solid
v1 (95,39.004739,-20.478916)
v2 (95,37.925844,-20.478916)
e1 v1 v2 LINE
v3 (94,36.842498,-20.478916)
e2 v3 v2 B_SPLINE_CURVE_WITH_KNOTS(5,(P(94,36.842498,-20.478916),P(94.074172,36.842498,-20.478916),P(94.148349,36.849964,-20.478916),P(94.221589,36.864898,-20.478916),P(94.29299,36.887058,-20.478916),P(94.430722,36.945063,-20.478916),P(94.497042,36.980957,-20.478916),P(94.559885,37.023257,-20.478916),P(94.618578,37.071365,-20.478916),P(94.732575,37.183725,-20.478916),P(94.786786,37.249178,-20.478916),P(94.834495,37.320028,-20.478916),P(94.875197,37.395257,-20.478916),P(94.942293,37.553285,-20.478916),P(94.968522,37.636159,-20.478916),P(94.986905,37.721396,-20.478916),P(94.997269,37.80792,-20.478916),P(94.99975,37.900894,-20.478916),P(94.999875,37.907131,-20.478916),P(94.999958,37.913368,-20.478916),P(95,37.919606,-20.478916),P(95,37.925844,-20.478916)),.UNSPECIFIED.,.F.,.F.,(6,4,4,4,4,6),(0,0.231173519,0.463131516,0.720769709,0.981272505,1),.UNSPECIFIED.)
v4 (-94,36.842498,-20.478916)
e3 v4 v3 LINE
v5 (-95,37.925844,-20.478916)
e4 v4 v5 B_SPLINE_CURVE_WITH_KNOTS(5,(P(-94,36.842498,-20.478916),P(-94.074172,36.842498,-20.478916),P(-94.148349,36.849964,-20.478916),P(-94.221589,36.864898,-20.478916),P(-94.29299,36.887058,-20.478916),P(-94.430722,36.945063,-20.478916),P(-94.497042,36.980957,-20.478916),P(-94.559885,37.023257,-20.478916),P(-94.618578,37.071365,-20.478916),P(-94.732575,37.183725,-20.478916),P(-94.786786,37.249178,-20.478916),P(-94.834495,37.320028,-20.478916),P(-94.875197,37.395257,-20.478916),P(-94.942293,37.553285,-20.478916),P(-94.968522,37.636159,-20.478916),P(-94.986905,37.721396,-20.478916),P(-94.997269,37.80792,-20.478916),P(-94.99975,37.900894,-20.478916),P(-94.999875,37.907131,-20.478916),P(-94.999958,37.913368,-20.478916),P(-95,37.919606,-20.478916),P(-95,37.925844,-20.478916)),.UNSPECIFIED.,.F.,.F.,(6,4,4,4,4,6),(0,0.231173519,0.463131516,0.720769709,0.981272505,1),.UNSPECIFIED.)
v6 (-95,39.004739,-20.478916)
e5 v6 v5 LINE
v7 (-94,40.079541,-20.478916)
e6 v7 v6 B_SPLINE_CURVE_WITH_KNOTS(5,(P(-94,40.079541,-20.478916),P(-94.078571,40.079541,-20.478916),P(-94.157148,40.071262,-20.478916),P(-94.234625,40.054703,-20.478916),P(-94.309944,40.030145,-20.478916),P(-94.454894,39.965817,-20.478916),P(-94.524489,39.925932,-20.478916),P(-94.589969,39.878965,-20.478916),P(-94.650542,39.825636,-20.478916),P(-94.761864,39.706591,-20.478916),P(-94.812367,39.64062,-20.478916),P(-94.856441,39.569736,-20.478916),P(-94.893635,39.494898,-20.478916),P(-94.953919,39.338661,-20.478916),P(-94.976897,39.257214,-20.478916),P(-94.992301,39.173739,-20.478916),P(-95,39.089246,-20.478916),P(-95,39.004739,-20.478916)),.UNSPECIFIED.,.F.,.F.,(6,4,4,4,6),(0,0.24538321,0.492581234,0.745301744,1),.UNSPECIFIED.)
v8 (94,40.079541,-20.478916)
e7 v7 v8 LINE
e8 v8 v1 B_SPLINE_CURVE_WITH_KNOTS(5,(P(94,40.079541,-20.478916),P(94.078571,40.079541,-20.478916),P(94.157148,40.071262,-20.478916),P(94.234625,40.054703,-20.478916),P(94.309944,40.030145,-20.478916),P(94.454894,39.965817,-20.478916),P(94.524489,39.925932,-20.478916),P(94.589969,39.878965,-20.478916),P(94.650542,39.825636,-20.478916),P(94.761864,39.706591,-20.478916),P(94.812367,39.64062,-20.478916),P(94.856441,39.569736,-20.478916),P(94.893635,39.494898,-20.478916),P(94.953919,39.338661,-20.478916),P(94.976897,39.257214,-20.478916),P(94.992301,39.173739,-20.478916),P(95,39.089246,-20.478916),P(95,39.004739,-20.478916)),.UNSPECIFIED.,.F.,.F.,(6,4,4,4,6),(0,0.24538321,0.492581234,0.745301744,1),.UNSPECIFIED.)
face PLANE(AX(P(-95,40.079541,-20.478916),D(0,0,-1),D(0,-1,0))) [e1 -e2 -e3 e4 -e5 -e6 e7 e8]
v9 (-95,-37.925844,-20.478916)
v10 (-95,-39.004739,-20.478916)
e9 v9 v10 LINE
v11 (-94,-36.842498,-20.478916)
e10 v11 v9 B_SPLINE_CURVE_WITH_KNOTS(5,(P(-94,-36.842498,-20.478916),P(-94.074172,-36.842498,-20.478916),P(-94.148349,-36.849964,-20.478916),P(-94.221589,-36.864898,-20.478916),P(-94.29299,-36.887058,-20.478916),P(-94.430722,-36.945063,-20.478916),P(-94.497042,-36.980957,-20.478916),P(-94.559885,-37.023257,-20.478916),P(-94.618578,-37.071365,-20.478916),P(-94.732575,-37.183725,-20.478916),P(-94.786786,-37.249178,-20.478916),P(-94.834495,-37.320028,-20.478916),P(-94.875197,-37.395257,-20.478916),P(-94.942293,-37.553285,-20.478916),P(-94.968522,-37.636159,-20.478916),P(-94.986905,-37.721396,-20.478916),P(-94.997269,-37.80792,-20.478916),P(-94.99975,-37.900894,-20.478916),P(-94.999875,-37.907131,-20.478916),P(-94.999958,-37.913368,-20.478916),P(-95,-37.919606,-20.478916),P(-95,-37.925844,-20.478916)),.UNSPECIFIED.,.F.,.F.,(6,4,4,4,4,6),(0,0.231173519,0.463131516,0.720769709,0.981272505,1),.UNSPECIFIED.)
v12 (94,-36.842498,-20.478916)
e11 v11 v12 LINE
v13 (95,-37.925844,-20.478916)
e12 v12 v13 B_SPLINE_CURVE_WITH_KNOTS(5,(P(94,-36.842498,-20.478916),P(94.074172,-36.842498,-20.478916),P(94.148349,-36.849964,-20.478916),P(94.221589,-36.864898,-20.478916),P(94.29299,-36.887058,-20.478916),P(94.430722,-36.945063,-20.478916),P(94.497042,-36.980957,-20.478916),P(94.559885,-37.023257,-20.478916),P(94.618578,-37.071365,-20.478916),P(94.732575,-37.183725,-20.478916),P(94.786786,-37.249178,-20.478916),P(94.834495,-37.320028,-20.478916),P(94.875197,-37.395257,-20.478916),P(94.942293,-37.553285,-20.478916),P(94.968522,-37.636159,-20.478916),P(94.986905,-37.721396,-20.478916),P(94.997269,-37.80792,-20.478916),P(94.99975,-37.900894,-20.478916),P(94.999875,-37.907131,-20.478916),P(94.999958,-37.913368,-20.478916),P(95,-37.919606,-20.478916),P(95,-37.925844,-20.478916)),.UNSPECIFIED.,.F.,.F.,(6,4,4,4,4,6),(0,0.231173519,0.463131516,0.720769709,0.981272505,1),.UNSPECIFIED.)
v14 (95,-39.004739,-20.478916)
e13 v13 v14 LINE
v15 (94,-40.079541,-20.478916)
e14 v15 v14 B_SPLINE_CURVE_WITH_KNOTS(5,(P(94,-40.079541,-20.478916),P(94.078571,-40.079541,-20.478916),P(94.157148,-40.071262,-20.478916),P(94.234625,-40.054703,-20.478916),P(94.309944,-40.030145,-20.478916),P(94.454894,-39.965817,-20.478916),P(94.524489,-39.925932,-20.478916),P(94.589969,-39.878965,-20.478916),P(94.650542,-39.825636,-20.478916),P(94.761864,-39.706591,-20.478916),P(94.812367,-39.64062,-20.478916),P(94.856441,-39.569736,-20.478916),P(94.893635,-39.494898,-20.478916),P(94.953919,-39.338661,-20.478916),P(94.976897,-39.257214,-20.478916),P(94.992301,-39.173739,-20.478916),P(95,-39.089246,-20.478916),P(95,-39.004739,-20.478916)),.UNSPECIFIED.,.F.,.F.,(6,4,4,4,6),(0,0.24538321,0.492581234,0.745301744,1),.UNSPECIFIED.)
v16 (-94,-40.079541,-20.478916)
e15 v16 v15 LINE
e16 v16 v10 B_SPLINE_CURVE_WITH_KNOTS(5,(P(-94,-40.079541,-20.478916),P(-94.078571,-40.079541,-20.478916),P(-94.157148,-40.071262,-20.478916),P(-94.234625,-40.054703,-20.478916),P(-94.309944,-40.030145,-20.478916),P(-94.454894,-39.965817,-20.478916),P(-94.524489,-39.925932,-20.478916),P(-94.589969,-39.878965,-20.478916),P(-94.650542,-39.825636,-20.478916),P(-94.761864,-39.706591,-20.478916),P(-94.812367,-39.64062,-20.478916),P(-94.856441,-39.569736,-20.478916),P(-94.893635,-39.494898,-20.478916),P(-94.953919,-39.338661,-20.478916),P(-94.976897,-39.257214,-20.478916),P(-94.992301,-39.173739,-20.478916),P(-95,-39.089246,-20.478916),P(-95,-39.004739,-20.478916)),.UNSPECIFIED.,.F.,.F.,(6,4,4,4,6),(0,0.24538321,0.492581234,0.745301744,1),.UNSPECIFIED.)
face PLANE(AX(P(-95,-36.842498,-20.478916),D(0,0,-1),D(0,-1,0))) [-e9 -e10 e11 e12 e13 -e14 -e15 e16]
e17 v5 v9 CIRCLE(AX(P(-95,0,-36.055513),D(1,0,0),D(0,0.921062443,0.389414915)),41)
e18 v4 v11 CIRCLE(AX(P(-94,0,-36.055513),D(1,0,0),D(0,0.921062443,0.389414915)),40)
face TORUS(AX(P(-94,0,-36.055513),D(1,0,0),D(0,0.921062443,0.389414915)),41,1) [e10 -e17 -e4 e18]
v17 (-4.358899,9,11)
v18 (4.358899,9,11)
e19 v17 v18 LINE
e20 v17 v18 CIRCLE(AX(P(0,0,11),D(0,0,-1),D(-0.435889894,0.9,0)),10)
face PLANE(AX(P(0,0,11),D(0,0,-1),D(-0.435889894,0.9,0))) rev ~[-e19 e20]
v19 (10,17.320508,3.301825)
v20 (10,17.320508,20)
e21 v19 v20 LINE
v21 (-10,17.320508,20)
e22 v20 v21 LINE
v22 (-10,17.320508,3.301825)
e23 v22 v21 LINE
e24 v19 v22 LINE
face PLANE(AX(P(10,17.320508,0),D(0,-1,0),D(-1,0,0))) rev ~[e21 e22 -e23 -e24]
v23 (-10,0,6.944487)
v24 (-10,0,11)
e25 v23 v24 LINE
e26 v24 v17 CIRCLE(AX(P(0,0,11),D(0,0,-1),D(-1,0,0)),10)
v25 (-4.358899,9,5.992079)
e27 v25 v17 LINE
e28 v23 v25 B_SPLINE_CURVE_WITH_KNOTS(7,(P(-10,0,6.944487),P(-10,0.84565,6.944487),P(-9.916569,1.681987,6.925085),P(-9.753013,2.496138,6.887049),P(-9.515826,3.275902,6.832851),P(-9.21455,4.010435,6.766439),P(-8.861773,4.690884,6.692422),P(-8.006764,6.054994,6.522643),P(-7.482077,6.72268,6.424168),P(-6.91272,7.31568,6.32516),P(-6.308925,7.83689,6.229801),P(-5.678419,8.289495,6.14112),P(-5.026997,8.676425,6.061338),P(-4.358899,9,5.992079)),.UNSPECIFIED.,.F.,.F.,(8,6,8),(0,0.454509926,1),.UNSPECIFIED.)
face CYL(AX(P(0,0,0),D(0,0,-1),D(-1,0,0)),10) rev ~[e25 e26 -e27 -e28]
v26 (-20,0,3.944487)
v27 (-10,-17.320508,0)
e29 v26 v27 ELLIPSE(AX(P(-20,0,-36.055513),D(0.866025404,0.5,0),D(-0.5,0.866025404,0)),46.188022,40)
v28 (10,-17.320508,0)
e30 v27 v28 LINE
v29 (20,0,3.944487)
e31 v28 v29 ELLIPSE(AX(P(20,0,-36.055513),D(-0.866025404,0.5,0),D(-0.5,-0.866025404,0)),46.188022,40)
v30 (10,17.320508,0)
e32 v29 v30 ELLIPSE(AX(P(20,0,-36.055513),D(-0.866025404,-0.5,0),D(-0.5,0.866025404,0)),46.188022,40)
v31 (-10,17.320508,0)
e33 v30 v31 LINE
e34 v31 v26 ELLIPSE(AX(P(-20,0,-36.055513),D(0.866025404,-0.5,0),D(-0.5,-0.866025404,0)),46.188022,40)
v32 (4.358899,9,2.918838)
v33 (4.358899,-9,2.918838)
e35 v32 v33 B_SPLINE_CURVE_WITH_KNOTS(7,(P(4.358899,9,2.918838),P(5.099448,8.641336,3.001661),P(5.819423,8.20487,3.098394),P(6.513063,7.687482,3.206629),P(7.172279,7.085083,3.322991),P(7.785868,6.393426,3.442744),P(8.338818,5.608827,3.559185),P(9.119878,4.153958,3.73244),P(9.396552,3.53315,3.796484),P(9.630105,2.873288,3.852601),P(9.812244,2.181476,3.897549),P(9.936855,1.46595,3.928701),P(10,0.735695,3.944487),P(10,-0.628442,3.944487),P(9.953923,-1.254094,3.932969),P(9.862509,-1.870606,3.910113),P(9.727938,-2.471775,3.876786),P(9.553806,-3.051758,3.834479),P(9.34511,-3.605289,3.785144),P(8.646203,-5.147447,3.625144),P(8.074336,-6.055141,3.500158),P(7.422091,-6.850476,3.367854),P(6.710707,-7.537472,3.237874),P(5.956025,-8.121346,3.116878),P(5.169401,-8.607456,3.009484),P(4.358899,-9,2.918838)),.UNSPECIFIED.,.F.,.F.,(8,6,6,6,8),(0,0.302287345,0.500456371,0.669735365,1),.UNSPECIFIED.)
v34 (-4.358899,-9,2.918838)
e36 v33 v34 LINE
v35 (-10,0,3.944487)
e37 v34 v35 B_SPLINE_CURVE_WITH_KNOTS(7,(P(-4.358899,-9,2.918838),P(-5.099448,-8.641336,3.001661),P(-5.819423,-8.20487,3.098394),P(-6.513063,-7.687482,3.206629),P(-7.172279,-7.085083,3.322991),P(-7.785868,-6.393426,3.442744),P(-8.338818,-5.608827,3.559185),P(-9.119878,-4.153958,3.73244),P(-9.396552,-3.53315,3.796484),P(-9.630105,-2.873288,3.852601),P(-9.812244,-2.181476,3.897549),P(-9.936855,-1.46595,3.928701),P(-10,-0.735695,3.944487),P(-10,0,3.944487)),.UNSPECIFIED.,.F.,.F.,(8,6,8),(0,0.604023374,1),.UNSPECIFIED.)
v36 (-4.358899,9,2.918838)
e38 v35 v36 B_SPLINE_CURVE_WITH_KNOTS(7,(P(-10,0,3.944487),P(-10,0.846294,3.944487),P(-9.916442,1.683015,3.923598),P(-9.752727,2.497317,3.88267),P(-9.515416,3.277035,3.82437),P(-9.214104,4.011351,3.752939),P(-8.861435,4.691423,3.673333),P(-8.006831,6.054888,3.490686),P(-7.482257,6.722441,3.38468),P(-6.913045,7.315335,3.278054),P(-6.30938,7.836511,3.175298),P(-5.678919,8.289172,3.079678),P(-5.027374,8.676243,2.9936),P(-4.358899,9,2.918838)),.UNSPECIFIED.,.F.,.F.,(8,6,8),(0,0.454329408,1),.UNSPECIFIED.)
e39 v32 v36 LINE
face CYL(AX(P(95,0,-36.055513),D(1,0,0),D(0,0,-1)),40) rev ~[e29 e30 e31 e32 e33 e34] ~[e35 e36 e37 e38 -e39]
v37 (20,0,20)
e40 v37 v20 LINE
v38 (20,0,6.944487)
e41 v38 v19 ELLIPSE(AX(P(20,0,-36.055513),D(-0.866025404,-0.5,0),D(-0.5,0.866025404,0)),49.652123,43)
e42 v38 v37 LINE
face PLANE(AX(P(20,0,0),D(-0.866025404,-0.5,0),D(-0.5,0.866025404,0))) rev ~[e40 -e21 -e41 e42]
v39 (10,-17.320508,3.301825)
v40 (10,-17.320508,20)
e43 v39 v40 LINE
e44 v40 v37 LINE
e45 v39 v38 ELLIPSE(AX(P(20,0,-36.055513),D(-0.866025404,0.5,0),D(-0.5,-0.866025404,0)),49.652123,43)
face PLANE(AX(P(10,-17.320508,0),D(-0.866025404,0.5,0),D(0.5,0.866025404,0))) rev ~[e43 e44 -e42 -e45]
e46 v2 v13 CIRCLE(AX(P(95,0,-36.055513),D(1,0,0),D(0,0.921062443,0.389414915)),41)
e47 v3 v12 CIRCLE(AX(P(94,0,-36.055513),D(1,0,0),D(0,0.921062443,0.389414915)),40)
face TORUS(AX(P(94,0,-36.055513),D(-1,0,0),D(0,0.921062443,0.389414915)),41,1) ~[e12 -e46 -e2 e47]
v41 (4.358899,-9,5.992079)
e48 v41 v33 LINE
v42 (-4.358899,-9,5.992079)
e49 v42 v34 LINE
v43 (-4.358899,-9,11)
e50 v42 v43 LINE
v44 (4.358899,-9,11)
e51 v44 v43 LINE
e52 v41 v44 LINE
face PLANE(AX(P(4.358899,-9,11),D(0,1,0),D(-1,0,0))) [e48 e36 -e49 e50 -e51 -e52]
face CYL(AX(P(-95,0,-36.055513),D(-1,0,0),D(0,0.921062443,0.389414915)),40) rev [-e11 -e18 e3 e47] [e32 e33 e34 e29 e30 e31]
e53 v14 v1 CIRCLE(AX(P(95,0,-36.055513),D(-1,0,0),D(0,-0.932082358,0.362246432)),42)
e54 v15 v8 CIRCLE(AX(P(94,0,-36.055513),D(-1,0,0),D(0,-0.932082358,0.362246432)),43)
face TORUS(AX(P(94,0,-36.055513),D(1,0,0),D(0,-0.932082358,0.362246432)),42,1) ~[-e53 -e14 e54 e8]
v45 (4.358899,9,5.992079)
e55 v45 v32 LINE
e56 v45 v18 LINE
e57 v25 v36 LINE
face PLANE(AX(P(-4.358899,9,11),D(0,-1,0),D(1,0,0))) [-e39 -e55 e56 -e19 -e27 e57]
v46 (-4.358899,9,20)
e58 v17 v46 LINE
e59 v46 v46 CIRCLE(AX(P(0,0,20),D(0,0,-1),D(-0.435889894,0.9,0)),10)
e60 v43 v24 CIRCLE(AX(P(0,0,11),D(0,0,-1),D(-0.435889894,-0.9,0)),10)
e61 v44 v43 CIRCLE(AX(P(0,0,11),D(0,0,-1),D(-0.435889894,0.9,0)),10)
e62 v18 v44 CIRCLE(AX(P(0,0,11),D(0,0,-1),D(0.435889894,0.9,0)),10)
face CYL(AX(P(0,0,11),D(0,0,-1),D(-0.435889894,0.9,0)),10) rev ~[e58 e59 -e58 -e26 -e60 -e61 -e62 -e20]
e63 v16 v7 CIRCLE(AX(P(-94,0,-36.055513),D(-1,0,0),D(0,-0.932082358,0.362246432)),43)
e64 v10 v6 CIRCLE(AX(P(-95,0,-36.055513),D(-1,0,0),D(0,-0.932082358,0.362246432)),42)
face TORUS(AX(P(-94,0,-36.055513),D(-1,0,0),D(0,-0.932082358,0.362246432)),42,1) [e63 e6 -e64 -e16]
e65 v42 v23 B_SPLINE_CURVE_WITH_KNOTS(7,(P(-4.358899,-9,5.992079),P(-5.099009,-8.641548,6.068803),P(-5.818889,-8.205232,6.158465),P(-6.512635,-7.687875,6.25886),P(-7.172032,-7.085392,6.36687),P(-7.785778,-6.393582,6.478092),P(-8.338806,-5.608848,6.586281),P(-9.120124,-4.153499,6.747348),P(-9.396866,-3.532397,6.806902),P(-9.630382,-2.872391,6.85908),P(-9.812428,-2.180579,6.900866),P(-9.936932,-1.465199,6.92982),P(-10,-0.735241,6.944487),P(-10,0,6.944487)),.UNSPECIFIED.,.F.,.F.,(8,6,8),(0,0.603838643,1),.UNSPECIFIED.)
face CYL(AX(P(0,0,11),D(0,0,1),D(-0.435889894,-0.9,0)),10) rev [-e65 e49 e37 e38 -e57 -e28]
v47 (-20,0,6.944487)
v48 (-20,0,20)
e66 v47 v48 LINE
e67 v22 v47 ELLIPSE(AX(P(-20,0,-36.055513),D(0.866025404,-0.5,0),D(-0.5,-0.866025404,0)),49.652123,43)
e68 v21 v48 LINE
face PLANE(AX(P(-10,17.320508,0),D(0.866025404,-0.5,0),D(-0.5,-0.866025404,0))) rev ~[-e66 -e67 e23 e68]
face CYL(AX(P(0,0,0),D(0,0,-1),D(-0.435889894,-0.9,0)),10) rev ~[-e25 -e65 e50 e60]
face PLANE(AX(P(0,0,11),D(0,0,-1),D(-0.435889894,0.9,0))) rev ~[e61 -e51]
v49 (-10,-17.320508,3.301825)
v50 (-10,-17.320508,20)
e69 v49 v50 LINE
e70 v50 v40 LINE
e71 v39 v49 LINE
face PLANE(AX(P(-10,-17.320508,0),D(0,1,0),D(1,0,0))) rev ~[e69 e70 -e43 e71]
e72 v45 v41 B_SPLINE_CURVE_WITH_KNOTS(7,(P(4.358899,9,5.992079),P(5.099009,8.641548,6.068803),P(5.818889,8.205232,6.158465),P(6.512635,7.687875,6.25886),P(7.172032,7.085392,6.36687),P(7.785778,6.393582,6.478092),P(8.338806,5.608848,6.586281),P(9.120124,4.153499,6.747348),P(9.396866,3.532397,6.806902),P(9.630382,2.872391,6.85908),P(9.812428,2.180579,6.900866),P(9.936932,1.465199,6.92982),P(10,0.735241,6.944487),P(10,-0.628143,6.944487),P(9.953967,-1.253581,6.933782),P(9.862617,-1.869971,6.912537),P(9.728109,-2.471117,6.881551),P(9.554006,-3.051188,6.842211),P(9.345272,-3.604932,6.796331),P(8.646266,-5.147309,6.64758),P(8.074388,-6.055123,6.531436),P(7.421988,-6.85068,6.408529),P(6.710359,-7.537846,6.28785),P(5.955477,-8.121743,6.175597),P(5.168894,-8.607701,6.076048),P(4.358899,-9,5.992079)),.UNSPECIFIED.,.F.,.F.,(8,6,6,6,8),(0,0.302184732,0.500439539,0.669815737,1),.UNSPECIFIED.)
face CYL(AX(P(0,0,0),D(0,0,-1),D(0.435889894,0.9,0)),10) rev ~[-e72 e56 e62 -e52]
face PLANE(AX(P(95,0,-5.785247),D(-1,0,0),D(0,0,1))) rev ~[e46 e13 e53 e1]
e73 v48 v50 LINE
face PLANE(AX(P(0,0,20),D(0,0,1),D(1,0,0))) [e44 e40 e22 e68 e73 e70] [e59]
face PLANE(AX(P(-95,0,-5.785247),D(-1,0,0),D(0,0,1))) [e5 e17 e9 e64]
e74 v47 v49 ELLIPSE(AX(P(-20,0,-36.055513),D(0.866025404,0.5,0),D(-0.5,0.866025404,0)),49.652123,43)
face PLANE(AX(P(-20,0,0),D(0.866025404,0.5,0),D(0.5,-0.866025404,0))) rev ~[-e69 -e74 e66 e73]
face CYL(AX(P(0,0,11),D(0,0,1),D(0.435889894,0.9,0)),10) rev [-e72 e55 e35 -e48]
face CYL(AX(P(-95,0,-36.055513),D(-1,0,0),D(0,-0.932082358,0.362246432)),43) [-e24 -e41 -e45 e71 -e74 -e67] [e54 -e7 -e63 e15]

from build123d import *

# Parameters (mm, degrees)
BOSS_EXTRUDE1_DEPTH      = 20
CUT_EXTRUDE1_DEPTH       = 11
SKETCH4_R                = 10
CUT_EXTRUDE2_DEPTH       = 11
BOSS_EXTRUDE2_DEPTH      = 95
BOSS_EXTRUDE2_DEPTH_BACK = 95
SKETCH6_R                = 40
CUT_EXTRUDE3_DEPTH       = 196.258176901
CUT_EXTRUDE4_DEPTH       = 108.806733567
FILLET1_R                = 1


with BuildPart() as part:
    # Sketch1 → Boss-Extrude1 (new body)
    with BuildSketch(Plane.XY):
        Polygon((10, -17.320508076), (20, 0), (10, 17.320508076), (-10, 17.320508076), (-20, 0), (-10, -17.320508076), align=None)
    extrude(amount=BOSS_EXTRUDE1_DEPTH)

    # Sketch3 → Cut-Extrude1 (cut)
    with BuildSketch(Plane(origin=(0, 0, 0), x_dir=(-1, 0, 0), z_dir=(0, 0, -1))):
        with BuildLine():
            Line((4.358898944, 9), (-4.358898944, 9))
            ThreePointArc((-4.358898944, 9), (-10, 0), (-4.358898944, -9))
            Line((-4.358898944, -9), (4.358898944, -9))
            ThreePointArc((4.358898944, -9), (8.473163206, -5.310885546), (10, 0))
            ThreePointArc((10, 0), (8.473163206, 5.310885546), (4.358898944, 9))
        make_face()
    extrude(amount=-CUT_EXTRUDE1_DEPTH, mode=Mode.SUBTRACT)

    # Sketch4 → Cut-Extrude2 (cut)
    with BuildSketch(Plane(origin=(0, 0, 11), x_dir=(-1, 0, 0), z_dir=(0, 0, -1))):
        Circle(SKETCH4_R)
    extrude(amount=-CUT_EXTRUDE2_DEPTH, mode=Mode.SUBTRACT)

    # Sketch5 → Boss-Extrude2 (add, two sides: drawn at the far end of the back side and taken through both)
    with BuildSketch(Plane(origin=(0, 0, 0), x_dir=(0, 0, -1), z_dir=(1, 0, 0)).offset(-BOSS_EXTRUDE2_DEPTH_BACK)):
        with BuildLine():
            Line((20.478916174, 40.079541402), (20.478916174, 36.84249773))
            ThreePointArc((20.478916174, 36.84249773), (-3.944487245, 0), (20.478916174, -36.84249773))
            Line((20.478916174, -36.84249773), (20.478916174, -40.079541402))
            ThreePointArc((20.478916174, -40.079541402), (-6.944487245, 0), (20.478916174, 40.079541402))
        make_face()
    extrude(amount=BOSS_EXTRUDE2_DEPTH + BOSS_EXTRUDE2_DEPTH_BACK)

    # Sketch6 → Cut-Extrude3 (cut, through all)
    with BuildSketch(Plane(origin=(95, 0, 0), x_dir=(0, 0, -1), z_dir=(1, 0, 0))):
        with Locations((36.055512755, 0)):
            Circle(SKETCH6_R)
    extrude(amount=-CUT_EXTRUDE3_DEPTH, mode=Mode.SUBTRACT)

    # Sketch7 → Cut-Extrude4 (cut, through all)
    with BuildSketch(Plane.XY.offset(11)):
        with BuildLine():
            Line((-4.358898944, 9), (4.358898944, 9))
            ThreePointArc((4.358898944, 9), (10, 0), (4.358898944, -9))
            Line((4.358898944, -9), (-4.358898944, -9))
            ThreePointArc((-4.358898944, -9), (-10, 0), (-4.358898944, 9))
        make_face()
    extrude(amount=-CUT_EXTRUDE4_DEPTH, mode=Mode.SUBTRACT)

    # Fillet1
    fillet1_edges = [part.edges().sort_by_distance(p)[0] for p in [
        (-95, 0, 6.944487245),
        (-95, 0, 3.944487245),
        (95, 0, 6.944487245),
        (95, 0, 3.944487245),
    ]]
    fillet(fillet1_edges, radius=FILLET1_R)


solid = part.part
